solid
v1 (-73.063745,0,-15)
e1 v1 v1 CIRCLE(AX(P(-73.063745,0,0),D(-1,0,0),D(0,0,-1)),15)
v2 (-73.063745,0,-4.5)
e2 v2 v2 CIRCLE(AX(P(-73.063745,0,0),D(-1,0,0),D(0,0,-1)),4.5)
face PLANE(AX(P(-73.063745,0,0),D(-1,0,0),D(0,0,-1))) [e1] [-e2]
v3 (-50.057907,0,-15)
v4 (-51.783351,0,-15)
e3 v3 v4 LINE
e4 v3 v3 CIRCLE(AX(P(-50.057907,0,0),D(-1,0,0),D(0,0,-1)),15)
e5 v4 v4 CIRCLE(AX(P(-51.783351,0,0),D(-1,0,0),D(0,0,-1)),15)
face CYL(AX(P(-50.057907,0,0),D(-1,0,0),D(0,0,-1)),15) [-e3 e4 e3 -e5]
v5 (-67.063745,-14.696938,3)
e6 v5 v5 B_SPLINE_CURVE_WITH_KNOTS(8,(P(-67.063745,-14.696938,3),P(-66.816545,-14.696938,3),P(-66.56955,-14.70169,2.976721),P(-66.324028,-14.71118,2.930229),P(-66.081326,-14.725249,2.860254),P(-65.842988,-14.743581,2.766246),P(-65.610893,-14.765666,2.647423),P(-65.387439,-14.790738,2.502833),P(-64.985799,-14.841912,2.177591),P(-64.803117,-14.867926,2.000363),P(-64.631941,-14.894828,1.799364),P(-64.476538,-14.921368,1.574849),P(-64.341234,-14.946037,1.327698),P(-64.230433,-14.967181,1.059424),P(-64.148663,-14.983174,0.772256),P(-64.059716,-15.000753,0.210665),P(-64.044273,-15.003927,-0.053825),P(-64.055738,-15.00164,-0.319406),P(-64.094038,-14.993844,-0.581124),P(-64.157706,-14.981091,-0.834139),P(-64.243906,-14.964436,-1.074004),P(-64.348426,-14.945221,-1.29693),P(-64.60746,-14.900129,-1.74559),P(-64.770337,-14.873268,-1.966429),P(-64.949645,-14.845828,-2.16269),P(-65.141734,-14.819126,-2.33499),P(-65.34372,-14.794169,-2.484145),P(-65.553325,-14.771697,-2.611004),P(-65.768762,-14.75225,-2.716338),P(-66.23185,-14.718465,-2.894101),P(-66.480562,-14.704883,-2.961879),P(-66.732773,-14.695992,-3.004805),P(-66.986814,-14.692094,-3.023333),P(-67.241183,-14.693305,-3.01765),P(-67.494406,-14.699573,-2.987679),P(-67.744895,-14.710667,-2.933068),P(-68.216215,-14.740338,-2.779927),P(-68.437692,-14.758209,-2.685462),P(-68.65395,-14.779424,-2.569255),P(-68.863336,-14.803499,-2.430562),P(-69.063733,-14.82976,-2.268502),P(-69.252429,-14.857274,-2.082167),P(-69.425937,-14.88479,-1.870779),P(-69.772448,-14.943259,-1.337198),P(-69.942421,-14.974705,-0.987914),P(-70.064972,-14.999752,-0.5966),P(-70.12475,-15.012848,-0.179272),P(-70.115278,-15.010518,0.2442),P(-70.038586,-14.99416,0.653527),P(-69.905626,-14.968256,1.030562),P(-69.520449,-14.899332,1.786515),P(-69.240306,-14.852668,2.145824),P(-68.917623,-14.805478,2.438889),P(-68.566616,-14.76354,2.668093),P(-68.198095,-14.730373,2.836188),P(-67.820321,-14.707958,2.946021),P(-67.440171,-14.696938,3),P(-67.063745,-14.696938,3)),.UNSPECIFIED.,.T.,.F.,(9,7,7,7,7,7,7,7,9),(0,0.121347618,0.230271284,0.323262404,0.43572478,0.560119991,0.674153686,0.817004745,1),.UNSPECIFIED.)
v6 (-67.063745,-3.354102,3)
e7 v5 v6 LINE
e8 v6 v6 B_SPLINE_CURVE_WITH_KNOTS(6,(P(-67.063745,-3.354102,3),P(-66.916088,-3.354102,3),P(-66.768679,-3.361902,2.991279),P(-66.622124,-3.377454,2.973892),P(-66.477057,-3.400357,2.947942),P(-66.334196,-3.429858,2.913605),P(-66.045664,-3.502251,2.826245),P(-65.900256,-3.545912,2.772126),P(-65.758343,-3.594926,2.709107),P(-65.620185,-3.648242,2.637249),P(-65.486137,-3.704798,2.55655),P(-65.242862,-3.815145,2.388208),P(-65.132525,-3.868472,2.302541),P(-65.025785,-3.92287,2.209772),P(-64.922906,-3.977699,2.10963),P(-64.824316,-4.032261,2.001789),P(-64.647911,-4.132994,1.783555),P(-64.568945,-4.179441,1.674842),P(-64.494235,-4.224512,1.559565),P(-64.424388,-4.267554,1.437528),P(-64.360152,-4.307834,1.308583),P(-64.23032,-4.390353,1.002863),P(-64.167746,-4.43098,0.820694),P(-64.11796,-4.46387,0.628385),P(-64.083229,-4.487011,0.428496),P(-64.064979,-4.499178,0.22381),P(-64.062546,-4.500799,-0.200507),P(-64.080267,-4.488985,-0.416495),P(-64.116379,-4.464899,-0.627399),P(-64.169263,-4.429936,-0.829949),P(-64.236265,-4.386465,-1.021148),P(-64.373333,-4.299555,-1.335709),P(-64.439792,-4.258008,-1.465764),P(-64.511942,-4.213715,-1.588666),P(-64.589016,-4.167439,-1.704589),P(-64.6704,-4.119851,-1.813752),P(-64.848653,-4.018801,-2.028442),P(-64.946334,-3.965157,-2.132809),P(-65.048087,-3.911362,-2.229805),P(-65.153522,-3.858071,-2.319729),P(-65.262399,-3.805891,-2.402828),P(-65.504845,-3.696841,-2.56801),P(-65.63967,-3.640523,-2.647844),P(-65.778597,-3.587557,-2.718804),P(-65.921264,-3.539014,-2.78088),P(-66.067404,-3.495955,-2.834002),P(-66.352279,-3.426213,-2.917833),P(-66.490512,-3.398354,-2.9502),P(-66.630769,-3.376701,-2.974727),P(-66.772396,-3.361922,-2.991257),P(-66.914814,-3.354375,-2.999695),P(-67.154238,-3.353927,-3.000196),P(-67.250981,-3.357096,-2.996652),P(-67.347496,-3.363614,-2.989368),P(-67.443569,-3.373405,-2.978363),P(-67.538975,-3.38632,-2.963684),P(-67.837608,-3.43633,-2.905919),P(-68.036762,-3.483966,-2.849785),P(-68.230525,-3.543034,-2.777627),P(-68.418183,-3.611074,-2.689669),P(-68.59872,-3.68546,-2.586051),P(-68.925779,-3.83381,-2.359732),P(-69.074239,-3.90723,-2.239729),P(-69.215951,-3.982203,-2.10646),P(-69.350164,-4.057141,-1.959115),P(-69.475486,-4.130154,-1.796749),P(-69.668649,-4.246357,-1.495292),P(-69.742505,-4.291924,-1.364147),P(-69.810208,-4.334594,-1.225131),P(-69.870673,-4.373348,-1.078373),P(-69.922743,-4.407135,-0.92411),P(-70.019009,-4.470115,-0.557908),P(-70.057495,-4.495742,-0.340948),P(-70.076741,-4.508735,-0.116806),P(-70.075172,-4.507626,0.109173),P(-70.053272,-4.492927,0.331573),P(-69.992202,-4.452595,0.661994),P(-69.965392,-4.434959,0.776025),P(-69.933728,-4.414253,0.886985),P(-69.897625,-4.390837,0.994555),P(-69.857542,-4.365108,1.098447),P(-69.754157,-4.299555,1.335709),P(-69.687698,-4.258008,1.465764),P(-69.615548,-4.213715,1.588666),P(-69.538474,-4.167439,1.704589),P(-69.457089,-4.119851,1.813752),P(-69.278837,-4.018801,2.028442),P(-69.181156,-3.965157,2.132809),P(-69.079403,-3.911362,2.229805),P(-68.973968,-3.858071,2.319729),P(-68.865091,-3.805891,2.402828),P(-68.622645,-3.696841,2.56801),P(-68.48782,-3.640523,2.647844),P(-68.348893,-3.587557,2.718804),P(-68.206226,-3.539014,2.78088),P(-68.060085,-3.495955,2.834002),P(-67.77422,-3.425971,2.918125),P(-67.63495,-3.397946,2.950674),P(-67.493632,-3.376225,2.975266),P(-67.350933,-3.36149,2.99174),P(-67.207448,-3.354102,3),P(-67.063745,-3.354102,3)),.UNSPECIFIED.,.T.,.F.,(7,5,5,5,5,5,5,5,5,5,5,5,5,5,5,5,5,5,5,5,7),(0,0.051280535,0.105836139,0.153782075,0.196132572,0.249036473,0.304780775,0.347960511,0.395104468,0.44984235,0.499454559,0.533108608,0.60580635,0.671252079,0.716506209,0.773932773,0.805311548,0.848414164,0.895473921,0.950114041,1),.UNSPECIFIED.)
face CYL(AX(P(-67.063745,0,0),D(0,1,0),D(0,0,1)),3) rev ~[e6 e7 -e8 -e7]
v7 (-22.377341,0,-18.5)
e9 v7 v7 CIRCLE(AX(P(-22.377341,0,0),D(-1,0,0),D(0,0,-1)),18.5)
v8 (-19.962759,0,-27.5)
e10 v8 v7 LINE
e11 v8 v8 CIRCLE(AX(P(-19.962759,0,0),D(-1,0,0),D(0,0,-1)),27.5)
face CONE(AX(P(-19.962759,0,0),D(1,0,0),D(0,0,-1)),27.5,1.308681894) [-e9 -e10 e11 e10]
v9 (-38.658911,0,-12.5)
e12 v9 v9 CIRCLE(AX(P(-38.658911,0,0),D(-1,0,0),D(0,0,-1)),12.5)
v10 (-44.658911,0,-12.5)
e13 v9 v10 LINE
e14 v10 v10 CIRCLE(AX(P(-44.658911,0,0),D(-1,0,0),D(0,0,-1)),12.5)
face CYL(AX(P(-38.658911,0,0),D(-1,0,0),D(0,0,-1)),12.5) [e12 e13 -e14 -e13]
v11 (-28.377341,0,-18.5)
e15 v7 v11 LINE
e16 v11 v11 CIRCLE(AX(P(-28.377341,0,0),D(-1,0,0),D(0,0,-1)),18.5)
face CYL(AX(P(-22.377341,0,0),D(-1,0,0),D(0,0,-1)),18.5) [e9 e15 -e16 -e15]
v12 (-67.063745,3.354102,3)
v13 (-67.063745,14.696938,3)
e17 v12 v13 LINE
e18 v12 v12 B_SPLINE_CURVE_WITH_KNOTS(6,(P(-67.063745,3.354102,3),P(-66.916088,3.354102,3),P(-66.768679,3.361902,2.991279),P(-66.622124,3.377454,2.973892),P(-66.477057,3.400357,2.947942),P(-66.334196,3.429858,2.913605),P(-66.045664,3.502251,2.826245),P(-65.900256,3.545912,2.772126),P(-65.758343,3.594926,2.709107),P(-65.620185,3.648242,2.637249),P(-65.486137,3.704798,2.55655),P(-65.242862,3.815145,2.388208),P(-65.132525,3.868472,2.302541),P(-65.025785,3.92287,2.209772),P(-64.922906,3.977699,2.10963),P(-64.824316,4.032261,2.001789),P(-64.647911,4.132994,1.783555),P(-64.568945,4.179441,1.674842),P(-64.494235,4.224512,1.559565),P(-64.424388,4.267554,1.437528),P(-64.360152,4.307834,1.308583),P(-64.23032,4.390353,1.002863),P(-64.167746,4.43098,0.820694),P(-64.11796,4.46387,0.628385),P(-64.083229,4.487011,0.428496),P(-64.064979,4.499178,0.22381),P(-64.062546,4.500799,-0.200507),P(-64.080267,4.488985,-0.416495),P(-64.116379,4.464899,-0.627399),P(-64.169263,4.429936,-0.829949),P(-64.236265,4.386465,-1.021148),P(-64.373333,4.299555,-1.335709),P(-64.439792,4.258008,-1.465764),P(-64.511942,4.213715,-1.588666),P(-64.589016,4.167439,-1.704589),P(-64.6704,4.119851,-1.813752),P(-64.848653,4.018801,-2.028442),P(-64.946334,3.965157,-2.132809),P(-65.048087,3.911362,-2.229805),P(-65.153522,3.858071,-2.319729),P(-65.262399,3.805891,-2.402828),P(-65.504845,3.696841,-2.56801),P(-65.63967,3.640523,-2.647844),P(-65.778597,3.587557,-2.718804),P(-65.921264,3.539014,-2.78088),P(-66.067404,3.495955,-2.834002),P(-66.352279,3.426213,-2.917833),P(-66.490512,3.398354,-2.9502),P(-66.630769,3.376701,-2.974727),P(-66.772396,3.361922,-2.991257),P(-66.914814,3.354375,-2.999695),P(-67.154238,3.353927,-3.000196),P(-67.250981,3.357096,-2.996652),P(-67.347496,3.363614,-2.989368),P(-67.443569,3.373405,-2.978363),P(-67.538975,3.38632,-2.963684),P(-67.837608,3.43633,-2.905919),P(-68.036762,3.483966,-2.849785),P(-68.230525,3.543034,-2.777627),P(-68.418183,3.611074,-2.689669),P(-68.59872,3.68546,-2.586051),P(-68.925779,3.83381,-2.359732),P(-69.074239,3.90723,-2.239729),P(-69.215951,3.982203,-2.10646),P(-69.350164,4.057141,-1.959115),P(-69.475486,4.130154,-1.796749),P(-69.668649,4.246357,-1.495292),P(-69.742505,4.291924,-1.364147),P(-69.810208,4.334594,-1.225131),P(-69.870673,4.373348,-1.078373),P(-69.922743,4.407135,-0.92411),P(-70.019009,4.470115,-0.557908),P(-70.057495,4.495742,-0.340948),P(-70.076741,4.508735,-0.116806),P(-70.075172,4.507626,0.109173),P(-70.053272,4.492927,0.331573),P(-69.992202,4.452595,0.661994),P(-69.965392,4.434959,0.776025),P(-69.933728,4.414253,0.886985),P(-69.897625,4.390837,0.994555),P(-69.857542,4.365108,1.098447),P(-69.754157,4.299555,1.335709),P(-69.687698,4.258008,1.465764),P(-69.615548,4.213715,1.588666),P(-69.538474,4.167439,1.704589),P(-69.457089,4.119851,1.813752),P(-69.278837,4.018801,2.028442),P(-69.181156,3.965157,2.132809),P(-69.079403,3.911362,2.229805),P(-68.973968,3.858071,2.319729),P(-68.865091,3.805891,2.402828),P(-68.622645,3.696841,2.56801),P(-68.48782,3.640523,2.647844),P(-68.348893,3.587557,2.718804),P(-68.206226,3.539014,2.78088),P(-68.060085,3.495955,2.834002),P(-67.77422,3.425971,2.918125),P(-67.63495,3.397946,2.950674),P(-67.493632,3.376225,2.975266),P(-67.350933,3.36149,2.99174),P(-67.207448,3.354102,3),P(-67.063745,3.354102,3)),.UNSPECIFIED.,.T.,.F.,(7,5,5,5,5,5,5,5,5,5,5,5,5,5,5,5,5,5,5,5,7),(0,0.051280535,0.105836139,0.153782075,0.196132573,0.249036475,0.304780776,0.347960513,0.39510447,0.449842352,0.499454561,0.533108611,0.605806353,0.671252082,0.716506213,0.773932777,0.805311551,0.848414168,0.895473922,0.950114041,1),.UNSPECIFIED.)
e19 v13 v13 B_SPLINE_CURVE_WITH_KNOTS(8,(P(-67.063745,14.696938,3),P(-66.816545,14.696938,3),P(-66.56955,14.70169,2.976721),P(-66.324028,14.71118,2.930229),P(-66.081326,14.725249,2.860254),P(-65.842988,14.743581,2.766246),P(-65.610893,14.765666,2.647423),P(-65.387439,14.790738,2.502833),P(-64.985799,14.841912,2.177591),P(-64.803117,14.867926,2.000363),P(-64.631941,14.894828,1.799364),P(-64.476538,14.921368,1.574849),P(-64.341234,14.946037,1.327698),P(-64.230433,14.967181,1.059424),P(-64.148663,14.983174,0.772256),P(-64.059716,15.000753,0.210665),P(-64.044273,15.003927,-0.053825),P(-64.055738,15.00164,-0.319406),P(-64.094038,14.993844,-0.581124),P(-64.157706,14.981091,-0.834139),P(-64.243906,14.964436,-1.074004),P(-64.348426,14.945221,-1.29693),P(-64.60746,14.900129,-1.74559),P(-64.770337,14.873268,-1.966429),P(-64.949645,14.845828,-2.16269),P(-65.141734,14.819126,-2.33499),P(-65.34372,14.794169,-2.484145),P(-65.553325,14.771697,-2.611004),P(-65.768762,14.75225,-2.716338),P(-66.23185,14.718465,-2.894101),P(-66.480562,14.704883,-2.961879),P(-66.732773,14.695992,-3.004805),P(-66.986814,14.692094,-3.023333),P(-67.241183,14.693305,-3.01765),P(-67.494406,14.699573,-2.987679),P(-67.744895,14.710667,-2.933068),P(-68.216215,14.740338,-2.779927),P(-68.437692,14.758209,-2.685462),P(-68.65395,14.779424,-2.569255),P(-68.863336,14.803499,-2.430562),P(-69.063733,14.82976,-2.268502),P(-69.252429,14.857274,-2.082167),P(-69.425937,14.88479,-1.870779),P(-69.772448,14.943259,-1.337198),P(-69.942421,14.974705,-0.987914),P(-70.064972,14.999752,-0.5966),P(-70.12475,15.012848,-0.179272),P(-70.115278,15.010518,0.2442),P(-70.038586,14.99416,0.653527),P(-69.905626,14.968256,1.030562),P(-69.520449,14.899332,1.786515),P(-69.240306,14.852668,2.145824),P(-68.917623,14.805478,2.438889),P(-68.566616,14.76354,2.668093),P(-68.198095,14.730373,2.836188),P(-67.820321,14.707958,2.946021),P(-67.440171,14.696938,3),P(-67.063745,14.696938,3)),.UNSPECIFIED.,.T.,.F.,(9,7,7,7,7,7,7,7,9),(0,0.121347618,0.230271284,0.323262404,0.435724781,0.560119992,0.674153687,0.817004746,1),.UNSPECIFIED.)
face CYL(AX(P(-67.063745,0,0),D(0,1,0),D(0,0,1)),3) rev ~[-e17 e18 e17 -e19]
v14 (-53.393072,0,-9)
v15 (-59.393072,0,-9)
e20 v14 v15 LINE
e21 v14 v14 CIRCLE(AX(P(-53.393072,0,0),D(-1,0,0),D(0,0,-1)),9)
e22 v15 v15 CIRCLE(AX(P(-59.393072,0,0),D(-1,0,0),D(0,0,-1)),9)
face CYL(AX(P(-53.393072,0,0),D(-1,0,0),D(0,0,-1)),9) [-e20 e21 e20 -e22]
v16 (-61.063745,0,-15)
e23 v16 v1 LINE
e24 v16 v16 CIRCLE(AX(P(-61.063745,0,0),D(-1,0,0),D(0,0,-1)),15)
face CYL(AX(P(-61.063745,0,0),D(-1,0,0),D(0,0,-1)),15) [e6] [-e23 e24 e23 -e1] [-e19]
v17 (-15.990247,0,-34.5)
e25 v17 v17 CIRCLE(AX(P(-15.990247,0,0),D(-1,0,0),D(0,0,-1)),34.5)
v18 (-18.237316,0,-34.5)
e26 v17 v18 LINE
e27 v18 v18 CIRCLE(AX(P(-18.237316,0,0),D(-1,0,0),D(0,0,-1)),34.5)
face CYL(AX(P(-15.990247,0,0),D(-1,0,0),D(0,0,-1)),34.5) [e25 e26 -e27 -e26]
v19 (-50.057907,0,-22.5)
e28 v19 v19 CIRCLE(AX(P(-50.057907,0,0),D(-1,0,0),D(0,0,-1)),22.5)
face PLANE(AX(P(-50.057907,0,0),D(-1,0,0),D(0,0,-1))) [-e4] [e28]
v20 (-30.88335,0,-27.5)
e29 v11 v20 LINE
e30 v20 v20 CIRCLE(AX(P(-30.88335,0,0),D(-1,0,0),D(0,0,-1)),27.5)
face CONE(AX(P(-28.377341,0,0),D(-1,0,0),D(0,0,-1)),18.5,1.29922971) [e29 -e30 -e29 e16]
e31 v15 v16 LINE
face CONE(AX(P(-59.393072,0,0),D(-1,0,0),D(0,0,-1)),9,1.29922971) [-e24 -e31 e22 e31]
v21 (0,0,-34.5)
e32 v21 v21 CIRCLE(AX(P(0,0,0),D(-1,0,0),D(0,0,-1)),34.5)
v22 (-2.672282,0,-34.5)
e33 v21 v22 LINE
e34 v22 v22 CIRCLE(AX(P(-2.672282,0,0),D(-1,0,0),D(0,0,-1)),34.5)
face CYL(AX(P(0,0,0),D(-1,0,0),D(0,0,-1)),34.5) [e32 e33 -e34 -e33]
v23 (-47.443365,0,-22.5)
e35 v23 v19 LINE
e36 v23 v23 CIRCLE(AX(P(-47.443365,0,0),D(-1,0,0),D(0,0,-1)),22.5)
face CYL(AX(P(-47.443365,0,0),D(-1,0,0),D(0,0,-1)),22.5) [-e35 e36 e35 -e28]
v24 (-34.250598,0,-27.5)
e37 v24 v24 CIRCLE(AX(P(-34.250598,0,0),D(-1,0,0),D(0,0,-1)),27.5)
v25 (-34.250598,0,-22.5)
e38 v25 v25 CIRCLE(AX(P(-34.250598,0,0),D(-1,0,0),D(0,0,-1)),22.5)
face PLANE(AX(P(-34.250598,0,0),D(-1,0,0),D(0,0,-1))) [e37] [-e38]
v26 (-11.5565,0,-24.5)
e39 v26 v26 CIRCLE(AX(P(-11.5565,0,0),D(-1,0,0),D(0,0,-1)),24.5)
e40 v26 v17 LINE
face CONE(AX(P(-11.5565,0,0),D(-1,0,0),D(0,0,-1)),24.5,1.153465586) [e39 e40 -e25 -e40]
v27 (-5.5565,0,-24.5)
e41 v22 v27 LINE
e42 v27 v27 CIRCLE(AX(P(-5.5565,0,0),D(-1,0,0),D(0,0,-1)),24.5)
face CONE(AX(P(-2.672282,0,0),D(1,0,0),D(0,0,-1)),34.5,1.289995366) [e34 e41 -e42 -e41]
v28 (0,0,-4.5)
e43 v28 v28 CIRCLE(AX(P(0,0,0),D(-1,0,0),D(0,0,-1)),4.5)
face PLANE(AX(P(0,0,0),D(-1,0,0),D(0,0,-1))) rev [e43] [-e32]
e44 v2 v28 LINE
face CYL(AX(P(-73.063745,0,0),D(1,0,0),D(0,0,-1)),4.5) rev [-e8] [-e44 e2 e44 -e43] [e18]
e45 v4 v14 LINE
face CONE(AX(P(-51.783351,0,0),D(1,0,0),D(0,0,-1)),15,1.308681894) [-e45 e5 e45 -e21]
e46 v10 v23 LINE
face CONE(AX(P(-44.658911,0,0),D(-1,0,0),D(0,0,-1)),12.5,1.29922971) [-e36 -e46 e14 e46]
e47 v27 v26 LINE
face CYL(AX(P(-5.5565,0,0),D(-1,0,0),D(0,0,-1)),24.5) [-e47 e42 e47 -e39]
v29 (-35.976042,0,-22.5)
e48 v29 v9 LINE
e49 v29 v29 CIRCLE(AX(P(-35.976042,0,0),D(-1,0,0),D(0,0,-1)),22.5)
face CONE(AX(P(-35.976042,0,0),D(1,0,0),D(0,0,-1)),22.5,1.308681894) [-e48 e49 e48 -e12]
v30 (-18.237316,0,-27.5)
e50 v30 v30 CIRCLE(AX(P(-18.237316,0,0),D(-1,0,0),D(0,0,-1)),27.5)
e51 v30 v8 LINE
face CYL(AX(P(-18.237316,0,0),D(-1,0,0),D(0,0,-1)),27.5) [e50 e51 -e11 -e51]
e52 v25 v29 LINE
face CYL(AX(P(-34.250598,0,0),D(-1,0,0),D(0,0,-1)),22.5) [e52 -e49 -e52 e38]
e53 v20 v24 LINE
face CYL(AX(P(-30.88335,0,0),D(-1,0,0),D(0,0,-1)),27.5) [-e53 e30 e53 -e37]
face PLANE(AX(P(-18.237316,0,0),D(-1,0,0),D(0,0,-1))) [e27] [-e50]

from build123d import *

# Parameters (mm, degrees)
SKETCH2_R          = 3
CUT_EXTRUDE1_DEPTH = 23.5


with BuildPart() as part:
    # Sketch1 → Revolve1 (revolve)
    with BuildSketch(Plane.XY, mode=Mode.PRIVATE) as revolve1_sk:
        Polygon((-73.063744965, 4.5), (0, 4.5), (0, 34.5), (-2.67228246, 34.5), (-5.556499615, 24.5), (-11.556499615, 24.5), (-15.990247298, 34.5), (-18.237315581, 34.5), (-18.237315581, 27.5), (-19.962759183, 27.5), (-22.377341153, 18.5), (-28.377341153, 18.5), (-30.883350481, 27.5), (-34.250598113, 27.5), (-34.250598113, 22.5), (-35.976041715, 22.5), (-38.65891057, 12.5), (-44.65891057, 12.5), (-47.443365379, 22.5), (-50.057907164, 22.5), (-50.057907164, 15), (-51.783350766, 15), (-53.393072079, 9), (-59.393072079, 9), (-61.063744965, 15), (-73.063744965, 15), align=None)
    revolve(revolve1_sk.sketch.rotate(Axis((0, 0, 0), (-1, 0, 0)), 90), axis=Axis((0, 0, 0), (-1, 0, 0)))

    # Sketch2 → Cut-Extrude1 (cut, symmetric)
    with BuildSketch(Plane(origin=(0, 0, 0), x_dir=(1, 0, 0), z_dir=(0, 1, 0))):
        with Locations(Location((-67.063744965, 0, 0), (0, 0, 270))):
            Circle(SKETCH2_R)
    extrude(amount=CUT_EXTRUDE1_DEPTH, both=True, mode=Mode.SUBTRACT)


solid = part.part
